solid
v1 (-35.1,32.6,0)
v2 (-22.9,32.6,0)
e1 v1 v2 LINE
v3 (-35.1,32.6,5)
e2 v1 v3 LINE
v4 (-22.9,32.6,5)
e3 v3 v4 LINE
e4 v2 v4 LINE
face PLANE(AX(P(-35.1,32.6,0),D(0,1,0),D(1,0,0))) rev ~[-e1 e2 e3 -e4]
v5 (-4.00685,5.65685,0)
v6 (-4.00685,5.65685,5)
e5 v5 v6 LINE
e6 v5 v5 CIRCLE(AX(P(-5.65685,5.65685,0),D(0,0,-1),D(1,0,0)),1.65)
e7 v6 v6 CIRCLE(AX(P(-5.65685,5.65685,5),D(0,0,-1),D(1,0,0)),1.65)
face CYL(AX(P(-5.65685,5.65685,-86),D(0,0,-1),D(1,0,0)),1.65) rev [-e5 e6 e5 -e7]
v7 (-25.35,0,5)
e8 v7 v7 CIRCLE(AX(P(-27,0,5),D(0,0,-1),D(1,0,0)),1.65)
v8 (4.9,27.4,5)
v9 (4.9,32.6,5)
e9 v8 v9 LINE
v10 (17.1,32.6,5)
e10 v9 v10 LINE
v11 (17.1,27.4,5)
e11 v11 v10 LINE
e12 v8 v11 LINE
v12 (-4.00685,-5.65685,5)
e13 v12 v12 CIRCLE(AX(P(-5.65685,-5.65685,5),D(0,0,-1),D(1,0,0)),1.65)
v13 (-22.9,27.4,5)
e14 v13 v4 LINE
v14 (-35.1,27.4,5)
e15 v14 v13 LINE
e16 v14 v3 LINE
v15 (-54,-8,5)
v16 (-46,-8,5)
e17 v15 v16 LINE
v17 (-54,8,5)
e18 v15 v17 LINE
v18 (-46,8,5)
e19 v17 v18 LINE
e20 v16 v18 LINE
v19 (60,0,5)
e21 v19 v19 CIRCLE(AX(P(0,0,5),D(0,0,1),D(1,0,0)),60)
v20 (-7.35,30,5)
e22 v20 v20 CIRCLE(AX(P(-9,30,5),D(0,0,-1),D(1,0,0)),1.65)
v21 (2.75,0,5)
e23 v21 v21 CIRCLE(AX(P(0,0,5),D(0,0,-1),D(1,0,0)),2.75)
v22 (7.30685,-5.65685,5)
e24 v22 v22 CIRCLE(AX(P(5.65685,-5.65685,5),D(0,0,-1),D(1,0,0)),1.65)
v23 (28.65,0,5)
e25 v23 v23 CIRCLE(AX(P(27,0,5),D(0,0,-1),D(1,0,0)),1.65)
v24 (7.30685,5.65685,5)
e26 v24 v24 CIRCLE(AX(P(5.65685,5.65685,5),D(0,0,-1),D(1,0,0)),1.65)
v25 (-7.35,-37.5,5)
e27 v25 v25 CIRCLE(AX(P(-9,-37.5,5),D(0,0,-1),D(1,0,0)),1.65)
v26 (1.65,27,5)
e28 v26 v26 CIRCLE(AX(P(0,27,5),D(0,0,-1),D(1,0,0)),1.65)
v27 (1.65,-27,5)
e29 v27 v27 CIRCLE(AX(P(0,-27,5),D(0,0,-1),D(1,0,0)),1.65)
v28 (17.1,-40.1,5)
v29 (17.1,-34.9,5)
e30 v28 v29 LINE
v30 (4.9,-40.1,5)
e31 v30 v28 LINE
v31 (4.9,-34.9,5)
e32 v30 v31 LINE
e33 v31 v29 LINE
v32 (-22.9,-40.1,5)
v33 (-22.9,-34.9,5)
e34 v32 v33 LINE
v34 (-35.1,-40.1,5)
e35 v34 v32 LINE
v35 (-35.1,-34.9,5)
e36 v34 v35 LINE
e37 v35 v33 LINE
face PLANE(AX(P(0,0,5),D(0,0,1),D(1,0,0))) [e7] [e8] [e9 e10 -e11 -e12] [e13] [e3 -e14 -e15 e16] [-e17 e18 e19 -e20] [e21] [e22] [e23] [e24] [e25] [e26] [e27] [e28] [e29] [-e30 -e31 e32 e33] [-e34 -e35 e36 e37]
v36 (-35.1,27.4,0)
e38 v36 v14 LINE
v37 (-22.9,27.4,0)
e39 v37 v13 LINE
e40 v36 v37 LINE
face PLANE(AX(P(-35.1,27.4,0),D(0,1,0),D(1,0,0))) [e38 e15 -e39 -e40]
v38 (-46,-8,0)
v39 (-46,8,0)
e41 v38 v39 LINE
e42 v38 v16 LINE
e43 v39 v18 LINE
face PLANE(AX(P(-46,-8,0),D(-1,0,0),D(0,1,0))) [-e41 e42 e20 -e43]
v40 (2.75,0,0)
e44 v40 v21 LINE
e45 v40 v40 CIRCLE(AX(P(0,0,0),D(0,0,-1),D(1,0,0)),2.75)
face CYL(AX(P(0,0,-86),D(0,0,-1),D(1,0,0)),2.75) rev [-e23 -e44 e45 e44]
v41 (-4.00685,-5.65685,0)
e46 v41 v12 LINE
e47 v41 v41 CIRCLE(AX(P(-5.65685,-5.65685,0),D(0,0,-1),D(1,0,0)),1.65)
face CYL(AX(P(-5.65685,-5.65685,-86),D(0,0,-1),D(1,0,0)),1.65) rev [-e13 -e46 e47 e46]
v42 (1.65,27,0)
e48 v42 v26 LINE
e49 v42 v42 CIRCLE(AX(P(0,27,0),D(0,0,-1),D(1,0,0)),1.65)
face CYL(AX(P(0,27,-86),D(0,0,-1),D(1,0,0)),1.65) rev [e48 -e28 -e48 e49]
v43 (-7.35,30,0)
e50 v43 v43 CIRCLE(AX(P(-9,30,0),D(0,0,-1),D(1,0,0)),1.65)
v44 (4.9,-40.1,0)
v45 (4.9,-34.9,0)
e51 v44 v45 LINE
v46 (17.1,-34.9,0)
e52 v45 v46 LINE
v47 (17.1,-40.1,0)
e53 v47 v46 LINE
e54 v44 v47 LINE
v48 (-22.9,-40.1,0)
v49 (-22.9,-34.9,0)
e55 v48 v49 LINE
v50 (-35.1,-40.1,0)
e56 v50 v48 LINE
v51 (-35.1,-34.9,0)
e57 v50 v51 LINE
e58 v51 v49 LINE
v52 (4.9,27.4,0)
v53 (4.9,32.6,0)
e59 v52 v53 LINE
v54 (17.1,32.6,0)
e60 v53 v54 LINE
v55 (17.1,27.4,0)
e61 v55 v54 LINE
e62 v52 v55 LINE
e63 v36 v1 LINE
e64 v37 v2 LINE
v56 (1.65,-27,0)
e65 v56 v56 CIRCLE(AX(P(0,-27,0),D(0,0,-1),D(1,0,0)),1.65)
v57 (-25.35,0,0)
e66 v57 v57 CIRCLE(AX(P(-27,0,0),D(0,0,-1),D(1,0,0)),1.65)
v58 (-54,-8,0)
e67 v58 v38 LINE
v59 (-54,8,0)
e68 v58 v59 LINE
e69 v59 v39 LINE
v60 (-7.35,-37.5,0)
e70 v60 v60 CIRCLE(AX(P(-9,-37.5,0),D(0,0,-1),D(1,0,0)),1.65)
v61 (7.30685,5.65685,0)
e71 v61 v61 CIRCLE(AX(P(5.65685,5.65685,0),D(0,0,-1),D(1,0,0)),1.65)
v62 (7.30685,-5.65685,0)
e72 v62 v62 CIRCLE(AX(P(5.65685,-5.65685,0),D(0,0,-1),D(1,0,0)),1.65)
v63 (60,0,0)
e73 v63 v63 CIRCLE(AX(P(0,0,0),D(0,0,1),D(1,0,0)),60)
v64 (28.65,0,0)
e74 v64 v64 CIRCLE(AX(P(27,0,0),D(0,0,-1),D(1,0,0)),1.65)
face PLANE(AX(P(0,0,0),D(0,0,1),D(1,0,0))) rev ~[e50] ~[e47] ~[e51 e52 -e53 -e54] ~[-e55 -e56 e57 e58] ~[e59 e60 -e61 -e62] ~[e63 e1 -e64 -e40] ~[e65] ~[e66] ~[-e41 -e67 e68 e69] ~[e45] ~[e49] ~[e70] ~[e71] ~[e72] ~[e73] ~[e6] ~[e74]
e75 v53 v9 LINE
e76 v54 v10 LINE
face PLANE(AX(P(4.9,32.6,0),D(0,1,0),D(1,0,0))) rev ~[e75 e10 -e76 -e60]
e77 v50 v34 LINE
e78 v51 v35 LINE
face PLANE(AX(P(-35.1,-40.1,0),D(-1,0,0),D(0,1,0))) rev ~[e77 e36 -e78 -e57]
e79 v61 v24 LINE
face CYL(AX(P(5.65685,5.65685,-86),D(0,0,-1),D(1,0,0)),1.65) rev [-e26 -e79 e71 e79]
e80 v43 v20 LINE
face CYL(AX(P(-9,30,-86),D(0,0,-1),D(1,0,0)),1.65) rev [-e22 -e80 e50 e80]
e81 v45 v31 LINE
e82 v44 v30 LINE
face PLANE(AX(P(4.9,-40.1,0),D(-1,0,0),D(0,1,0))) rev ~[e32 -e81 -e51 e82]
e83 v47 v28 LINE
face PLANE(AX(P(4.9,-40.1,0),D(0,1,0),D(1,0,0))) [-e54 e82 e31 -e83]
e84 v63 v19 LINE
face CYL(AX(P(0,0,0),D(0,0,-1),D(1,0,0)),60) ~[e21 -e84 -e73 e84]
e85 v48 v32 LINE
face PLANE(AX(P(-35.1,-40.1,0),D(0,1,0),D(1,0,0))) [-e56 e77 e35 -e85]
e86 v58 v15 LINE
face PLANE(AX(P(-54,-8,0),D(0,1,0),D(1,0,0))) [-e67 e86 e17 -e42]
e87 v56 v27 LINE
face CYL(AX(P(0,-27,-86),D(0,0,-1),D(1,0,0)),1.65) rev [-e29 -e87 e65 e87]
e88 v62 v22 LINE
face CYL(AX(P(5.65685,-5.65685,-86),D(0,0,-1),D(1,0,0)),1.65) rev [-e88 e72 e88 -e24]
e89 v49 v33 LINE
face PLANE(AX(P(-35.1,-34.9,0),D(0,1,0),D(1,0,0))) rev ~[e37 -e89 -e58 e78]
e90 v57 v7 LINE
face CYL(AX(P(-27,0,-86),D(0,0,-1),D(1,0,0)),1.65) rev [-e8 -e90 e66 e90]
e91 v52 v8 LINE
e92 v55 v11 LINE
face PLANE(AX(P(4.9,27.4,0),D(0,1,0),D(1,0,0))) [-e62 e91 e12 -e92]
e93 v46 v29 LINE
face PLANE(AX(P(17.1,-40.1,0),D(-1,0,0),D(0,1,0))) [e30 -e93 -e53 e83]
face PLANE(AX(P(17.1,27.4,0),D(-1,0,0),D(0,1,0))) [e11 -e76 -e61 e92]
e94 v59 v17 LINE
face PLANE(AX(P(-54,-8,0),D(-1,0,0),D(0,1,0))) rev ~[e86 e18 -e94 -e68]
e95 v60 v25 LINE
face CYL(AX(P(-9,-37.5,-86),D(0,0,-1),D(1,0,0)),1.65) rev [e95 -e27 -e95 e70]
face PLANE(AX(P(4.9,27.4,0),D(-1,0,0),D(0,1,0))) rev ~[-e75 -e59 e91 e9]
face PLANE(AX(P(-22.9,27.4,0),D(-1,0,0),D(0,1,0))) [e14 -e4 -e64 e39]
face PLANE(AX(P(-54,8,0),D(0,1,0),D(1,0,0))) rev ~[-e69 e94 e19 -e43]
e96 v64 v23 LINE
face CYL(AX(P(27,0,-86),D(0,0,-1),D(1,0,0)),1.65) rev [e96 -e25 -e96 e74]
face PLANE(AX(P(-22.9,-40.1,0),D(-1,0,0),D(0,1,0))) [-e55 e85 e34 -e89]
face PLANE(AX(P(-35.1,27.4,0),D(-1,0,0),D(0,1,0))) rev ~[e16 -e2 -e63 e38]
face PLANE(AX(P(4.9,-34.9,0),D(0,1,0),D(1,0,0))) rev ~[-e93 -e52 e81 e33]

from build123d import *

# Parameters (mm, degrees)
ESKIZ_KONTUR_R        = 60
ESKIZ_KONTUR_W        = 12.2
ESKIZ_KONTUR_H        = 5.2
ESKIZ_KONTUR_W_2      = 8
ESKIZ_KONTUR_H_2      = 16
PLASTINA_DEPTH        = 5
OTVERSTIYA_DEPTH      = 86
OTVERSTIYA_DEPTH_BACK = 86
ESKIZ_OTVERSTIYA_R    = 1.65
ESKIZ_OTVERSTIYA_R_2  = 2.75


with BuildPart() as part:
    # Eskiz_kontur → Plastina (new body)
    with BuildSketch(Plane.XY):
        Circle(ESKIZ_KONTUR_R)
        with Locations((-29, -37.5)):
            Rectangle(ESKIZ_KONTUR_W, ESKIZ_KONTUR_H, mode=Mode.SUBTRACT)
        with Locations((11, -37.5)):
            Rectangle(ESKIZ_KONTUR_W, ESKIZ_KONTUR_H, mode=Mode.SUBTRACT)
        with Locations((-50, 0)):
            Rectangle(ESKIZ_KONTUR_W_2, ESKIZ_KONTUR_H_2, mode=Mode.SUBTRACT)
        with Locations((-29, 30)):
            Rectangle(ESKIZ_KONTUR_W, ESKIZ_KONTUR_H, mode=Mode.SUBTRACT)
        with Locations((11, 30)):
            Rectangle(ESKIZ_KONTUR_W, ESKIZ_KONTUR_H, mode=Mode.SUBTRACT)
    extrude(amount=PLASTINA_DEPTH)

    # Eskiz_otverstiya → Otverstiya (cut, two sides: drawn at the far end of the back side and taken through both)
    with BuildSketch(Plane.XY.offset(-OTVERSTIYA_DEPTH_BACK)):
        with Locations((-9, -37.5)):
            Circle(ESKIZ_OTVERSTIYA_R)
        with Locations((0, -27)):
            Circle(ESKIZ_OTVERSTIYA_R)
        with Locations((-5.65685, -5.65685)):
            Circle(ESKIZ_OTVERSTIYA_R)
        with Locations((5.65685, -5.65685)):
            Circle(ESKIZ_OTVERSTIYA_R)
        with Locations((-27, 0)):
            Circle(ESKIZ_OTVERSTIYA_R)
        Circle(ESKIZ_OTVERSTIYA_R_2)
        with Locations((-5.65685, 5.65685)):
            Circle(ESKIZ_OTVERSTIYA_R)
        with Locations((5.65685, 5.65685)):
            Circle(ESKIZ_OTVERSTIYA_R)
        with Locations((27, 0)):
            Circle(ESKIZ_OTVERSTIYA_R)
        with Locations((-9, 30)):
            Circle(ESKIZ_OTVERSTIYA_R)
        with Locations((0, 27)):
            Circle(ESKIZ_OTVERSTIYA_R)
    extrude(amount=OTVERSTIYA_DEPTH + OTVERSTIYA_DEPTH_BACK, mode=Mode.SUBTRACT)


solid = part.part
